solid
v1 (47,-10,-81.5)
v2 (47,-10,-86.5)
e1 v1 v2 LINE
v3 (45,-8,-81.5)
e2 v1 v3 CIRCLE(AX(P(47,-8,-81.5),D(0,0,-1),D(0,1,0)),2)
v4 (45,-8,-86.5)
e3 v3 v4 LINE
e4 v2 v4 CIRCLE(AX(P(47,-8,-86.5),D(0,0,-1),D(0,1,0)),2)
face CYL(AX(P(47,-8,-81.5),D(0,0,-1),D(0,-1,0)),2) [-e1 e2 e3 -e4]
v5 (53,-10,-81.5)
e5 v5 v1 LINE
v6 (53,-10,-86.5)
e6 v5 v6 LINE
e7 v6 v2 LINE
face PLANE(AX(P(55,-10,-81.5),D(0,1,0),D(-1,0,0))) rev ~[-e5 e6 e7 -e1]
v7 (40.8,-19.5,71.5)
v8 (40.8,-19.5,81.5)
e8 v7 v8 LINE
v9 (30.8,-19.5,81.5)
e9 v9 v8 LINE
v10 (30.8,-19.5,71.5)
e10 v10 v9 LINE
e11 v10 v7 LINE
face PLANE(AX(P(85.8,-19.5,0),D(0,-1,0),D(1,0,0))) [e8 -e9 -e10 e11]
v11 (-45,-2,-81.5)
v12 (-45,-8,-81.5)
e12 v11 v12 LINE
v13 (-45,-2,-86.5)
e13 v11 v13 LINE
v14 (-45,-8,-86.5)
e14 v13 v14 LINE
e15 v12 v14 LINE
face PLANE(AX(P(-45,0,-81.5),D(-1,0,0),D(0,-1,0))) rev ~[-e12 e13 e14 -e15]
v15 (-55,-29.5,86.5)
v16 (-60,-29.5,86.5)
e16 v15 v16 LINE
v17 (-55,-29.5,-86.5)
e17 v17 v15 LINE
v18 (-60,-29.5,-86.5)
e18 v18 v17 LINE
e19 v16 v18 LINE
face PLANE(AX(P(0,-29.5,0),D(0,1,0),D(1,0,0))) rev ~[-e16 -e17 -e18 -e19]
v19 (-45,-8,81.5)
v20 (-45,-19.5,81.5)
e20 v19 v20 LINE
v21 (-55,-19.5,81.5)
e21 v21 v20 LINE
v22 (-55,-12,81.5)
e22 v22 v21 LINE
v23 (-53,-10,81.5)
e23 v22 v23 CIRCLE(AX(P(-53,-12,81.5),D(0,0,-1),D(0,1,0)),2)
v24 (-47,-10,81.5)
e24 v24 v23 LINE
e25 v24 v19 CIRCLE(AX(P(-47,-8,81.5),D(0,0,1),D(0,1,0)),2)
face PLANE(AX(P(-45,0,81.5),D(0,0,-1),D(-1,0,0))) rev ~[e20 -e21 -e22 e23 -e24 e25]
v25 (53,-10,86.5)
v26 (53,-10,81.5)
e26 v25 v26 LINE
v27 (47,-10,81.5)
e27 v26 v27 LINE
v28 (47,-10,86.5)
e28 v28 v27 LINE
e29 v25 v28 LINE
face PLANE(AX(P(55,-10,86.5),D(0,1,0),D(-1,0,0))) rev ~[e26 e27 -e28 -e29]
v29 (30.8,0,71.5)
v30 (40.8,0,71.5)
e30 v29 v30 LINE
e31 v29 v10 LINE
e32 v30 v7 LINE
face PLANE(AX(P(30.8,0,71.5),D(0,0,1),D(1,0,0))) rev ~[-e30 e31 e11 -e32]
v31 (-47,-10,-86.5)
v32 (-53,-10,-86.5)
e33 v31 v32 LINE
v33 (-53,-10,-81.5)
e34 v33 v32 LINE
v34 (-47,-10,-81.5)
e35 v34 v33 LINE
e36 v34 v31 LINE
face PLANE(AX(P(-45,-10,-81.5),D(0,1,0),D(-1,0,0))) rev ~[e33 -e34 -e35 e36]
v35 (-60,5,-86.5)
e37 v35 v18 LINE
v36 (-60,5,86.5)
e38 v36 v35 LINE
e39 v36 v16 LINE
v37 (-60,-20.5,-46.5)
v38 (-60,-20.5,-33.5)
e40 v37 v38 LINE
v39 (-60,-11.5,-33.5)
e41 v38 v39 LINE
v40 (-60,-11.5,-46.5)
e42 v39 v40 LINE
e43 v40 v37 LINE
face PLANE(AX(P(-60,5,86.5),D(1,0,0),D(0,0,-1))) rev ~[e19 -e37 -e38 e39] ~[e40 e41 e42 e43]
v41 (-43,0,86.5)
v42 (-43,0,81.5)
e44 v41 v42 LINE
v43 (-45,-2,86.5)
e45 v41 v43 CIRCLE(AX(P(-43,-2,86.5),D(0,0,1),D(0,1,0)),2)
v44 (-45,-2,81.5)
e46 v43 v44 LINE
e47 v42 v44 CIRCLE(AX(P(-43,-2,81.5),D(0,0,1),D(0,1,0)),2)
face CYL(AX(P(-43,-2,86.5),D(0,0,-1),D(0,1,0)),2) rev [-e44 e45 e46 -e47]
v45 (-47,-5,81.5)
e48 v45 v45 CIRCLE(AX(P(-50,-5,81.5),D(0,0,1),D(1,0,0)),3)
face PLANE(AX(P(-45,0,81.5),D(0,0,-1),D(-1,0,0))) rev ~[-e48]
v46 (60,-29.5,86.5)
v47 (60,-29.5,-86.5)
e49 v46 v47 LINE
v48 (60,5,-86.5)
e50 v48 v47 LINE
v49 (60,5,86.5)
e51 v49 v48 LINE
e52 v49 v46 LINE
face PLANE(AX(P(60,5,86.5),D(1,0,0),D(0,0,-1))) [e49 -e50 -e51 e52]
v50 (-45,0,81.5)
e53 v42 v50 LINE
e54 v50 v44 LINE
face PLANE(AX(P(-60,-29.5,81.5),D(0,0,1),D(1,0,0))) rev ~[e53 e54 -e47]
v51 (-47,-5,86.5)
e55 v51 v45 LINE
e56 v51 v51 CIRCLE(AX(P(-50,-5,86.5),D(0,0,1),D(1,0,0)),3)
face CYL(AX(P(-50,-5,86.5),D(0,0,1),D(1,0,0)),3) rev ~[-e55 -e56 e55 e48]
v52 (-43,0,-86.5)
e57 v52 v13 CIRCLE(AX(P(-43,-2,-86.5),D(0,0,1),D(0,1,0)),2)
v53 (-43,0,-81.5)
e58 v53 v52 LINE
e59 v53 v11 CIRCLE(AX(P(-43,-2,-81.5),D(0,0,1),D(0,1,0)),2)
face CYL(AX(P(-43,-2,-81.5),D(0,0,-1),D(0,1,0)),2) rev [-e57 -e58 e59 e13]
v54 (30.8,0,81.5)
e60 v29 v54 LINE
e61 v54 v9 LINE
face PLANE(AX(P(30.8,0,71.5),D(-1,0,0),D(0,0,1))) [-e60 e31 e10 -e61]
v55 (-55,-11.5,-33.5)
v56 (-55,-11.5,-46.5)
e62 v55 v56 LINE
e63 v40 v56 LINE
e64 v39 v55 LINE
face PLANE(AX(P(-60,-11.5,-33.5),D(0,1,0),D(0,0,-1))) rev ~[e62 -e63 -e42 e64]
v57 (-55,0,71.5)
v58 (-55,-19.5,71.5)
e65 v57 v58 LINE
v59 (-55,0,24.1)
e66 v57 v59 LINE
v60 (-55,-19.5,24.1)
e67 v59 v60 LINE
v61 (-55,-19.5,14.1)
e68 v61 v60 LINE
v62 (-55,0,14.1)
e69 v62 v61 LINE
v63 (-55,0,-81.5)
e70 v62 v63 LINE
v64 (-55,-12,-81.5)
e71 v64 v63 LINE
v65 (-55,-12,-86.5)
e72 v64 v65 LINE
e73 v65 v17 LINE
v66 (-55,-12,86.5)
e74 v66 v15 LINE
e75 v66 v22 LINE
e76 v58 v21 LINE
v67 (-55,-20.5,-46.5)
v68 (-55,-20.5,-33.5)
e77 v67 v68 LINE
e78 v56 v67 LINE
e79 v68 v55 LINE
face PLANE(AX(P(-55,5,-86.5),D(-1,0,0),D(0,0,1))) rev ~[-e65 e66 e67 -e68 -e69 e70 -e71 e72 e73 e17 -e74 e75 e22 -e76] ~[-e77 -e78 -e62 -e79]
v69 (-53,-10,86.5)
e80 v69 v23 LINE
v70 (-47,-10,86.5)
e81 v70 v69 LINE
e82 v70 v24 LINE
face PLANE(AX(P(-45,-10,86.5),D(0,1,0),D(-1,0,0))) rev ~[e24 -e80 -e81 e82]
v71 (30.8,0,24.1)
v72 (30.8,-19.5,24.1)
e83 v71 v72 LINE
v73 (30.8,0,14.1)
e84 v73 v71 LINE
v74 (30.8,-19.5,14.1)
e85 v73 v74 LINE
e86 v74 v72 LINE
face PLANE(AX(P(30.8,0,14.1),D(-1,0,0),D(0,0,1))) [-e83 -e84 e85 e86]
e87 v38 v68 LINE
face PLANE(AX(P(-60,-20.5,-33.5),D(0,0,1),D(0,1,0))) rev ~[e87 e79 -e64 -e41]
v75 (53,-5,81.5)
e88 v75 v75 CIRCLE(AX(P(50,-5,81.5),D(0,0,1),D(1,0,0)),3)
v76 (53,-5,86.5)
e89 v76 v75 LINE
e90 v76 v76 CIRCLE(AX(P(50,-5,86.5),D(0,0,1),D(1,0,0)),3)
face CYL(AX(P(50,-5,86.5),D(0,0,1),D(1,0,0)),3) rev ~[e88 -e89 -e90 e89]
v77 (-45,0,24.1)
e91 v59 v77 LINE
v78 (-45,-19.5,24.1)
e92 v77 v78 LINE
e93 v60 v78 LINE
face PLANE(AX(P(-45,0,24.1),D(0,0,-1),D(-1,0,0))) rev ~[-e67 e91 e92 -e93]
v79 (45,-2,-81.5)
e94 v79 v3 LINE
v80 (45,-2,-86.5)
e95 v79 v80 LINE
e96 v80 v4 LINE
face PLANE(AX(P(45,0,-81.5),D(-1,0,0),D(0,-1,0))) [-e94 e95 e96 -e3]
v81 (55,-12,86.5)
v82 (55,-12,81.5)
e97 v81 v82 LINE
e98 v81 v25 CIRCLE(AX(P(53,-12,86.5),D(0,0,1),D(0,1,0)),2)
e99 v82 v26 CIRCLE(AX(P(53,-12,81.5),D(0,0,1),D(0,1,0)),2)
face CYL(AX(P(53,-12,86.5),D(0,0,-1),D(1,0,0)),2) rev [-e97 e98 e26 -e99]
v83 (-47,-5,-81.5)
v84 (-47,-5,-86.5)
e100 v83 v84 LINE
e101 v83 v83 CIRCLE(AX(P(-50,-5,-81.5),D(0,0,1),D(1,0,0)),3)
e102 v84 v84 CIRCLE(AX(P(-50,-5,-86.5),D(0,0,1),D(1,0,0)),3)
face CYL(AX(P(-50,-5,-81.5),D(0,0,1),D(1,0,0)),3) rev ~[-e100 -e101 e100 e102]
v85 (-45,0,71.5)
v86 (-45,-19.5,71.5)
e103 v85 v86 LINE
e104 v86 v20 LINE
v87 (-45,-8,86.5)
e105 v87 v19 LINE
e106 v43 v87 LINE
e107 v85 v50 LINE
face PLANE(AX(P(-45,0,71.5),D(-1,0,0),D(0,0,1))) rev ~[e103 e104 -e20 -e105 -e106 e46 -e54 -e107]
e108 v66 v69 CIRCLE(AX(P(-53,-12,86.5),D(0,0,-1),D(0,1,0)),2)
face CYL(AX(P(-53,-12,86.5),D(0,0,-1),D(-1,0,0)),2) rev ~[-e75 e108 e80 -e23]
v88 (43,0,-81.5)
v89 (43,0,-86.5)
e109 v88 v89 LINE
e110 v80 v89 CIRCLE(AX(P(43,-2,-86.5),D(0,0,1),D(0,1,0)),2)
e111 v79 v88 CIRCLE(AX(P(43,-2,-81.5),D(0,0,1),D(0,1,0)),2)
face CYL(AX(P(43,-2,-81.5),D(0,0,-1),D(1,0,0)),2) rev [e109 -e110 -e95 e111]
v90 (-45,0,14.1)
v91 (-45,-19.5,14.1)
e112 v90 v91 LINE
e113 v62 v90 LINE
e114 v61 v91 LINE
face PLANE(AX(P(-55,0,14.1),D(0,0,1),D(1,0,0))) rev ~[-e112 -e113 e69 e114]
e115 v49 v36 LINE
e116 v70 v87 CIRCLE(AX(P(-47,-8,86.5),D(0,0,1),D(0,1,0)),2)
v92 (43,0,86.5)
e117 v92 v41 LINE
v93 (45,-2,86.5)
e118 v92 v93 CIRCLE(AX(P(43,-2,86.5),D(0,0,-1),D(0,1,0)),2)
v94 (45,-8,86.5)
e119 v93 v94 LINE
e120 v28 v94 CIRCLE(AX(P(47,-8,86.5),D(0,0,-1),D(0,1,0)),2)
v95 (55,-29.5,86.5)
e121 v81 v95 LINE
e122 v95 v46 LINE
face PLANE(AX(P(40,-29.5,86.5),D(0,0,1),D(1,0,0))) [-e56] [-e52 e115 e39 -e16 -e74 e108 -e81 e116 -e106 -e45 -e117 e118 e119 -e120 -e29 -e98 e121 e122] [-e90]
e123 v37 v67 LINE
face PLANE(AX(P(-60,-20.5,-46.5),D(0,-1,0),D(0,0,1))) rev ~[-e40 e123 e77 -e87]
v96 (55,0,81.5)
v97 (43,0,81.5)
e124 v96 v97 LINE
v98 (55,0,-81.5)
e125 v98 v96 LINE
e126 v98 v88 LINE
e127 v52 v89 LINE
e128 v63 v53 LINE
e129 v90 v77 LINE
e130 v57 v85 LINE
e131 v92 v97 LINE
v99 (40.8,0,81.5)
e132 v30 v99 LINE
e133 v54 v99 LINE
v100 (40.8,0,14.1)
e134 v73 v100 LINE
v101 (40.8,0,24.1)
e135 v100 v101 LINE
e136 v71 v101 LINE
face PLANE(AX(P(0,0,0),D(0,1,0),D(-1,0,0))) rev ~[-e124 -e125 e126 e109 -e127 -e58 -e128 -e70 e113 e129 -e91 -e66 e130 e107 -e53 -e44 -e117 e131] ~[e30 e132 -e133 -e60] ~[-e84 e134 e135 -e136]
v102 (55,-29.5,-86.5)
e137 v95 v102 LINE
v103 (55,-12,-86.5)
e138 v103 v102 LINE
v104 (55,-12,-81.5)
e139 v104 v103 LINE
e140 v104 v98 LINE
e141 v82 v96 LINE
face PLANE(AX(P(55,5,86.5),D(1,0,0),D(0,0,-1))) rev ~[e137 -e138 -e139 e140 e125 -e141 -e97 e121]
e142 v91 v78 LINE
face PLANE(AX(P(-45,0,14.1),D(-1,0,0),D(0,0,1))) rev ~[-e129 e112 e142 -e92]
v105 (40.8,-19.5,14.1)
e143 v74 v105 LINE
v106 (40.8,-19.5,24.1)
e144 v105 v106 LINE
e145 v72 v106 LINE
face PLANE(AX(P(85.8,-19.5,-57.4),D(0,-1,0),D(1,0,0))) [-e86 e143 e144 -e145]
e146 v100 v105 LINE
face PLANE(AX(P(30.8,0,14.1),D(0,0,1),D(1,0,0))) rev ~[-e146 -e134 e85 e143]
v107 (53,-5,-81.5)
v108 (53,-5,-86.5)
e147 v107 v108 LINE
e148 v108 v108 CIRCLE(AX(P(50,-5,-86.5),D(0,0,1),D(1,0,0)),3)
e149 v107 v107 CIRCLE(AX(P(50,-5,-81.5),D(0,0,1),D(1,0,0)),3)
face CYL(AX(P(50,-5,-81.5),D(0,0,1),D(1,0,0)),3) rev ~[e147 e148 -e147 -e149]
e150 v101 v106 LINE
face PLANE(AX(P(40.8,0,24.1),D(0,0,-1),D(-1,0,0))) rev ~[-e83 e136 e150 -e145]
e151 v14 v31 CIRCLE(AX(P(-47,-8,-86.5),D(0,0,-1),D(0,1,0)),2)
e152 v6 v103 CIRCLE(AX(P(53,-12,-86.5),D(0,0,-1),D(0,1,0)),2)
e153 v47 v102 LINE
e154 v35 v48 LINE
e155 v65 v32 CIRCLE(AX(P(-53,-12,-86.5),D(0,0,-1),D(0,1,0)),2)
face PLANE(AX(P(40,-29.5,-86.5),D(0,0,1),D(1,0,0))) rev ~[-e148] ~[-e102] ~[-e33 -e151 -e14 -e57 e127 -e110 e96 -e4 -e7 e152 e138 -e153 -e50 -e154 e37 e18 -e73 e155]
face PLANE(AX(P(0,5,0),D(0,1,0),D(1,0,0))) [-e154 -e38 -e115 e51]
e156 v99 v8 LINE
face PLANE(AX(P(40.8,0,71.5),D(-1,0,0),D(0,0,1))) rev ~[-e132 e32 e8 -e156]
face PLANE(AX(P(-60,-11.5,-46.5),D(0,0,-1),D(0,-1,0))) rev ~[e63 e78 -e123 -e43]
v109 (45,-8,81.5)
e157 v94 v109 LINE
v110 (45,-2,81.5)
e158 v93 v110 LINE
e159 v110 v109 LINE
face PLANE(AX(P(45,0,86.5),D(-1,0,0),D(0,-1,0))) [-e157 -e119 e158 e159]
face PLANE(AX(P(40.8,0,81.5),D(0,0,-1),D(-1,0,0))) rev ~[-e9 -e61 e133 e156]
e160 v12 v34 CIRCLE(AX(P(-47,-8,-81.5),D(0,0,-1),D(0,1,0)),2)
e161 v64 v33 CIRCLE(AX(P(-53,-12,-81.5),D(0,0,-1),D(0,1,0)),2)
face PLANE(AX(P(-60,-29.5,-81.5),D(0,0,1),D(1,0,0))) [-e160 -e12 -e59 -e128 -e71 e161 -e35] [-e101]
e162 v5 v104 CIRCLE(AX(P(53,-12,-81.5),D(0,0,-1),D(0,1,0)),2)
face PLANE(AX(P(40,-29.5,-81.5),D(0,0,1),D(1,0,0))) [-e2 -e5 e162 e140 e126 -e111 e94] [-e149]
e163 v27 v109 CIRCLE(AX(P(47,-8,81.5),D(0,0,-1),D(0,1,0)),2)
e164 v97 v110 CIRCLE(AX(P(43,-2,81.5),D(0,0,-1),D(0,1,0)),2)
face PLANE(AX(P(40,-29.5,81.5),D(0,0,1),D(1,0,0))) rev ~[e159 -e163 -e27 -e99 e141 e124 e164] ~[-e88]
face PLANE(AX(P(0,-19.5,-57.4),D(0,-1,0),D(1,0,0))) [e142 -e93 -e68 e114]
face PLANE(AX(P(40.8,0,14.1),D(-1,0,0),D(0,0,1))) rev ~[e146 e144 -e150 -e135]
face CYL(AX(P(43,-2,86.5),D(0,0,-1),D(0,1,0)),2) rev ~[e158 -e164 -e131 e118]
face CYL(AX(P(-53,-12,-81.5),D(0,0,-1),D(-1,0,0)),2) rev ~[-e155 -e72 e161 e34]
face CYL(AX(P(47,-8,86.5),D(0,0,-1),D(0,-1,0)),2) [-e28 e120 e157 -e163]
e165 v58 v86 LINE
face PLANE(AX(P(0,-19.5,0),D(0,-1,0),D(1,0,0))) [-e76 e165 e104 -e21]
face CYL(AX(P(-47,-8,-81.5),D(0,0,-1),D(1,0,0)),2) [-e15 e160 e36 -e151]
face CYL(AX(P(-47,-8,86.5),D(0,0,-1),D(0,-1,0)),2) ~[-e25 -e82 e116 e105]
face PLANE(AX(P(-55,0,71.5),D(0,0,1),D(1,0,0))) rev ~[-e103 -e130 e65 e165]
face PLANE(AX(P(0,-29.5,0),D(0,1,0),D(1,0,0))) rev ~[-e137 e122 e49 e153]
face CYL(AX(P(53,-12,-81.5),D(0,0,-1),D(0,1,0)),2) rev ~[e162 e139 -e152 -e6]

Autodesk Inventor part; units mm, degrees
ref_plane "YZ Plane" through (0, 0, 0) normal (1, 0, 0) x (0, 1, 0)
ref_plane "XZ Plane" through (0, 0, 0) normal (0, 1, 0) x (-1, 0, 0)
ref_plane "XY Plane" through (0, 0, 0) normal (0, 0, 1) x (1, 0, 0)
sketch "Sketch1" plane through (0, 0, 0) normal (0, 1, 0) x (-1, 0, 0)
  line L0 (55, -86.5) -> (-55, -86.5)
  line L1 (-55, -86.5) -> (-55, 86.5)
  line L2 (-55, 86.5) -> (55, 86.5)
  line L3 (55, 86.5) -> (55, -86.5)
  line L4 (55, -86.5) -> (-55, 86.5) construction
  line L5 (-55, -86.5) -> (55, 86.5) construction
  point P0 (0, 0)
  dimension "d0" = 110
  dimension "d1" = 173
extrude "Extrusion1" add sketch "Sketch1" along normal blind 5
sketch "Sketch2" plane through (0, 5, 0) normal (0, 1, 0) x (1, 0, 0)
  line L0 (-55, -86.5) -> (55, -86.5) projected
  line L1 (-55, -86.5) -> (-60, -86.5)
  line L2 (-60, -86.5) -> (-60, 86.5)
  line L3 (-60, 86.5) -> (-55, 86.5)
  line L4 (-55, 86.5) -> (-55, -86.5)
  point P0 (0, 0)
  dimension "d4" = 5
extrude "Extrusion2" add sketch "Sketch2" against normal blind 34.5
sketch "Sketch3" plane through (0, 5, 0) normal (0, 1, 0) x (1, 0, 0)
  line L0 (55, -86.5) -> (55, 86.5) projected
  line L1 (55, -86.5) -> (60, -86.5)
  line L2 (60, -86.5) -> (60, 86.5)
  line L3 (60, 86.5) -> (55, 86.5)
  line L4 (55, 86.5) -> (55, -86.5)
  point P0 (0, 0)
  dimension "d7" = 5
extrude "Extrusion3" add sketch "Sketch3" against normal blind 34.5
sketch "Sketch4" plane through (-60, -29.5, 86.5) normal (0, 0, 1) x (1, 0, 0)
  line L0 (5, 29.5) -> (5, 0) projected
  line L1 (5, 29.5) -> (15, 29.5)
  line L2 (15, 29.5) -> (15, 19.5)
  line L3 (15, 19.5) -> (5, 19.5)
  line L4 (5, 19.5) -> (5, 29.5)
  circle A0 centre (10, 24.5) radius 3
  point P0 (60, 29.5)
  point P1 (5, 19.5)
  dimension "d10" = 10
  dimension "d11" = 10
  dimension "d23" = 5
  dimension "d24" = 5
  dimension "d26" = 6
extrude "Extrusion4" add sketch "Sketch4" against normal blind 5
pattern_linear "Rectangular Pattern1" count 2 spacing 100 along (1, 0, 0) count 2 spacing 168 along (0, 0, -1) of "Extrusion4"
fillet "Fillet3" radius 2 12 edges at (-55, -10, 84) (-45, -10, 84) (-45, 0, 84) (45, -10, 84) (55, -10, 84) (45, 0, 84) (45, -10, -84) (55, -10, -84) (45, 0, -84) (-55, -10, -84) (-45, -10, -84) (-45, 0, -84)
sketch "Sketch7" plane through (-60, 5, -86.5) normal (-1, 0, 0) x (0, 0, 1)
  line L0 (53, -16.5) -> (40, -16.5)
  line L1 (40, -16.5) -> (40, -25.5)
  line L2 (40, -25.5) -> (53, -25.5)
  line L3 (53, -25.5) -> (53, -16.5)
  line L4 (53, -16.5) -> (40, -25.5) construction
  line L5 (40, -16.5) -> (53, -25.5) construction
  line L6 (0, 0) -> (0, -34.5) projected
  line L7 (173, -34.5) -> (0, -34.5) projected
  point P0 (86.5, -5)
  point P1 (46.5, -21)
  dimension "d33" = 9
  dimension "d34" = 13
  dimension "d35" = 40
extrude "Extrusion6" cut sketch "Sketch7" against normal blind 5
sketch "Sketch8" plane through (0, 0, 0) normal (0, -1, 0) x (1, 0, 0)
  circle A0 centre (-50, 76.5) radius 1.25
  line L0 (-47, 81.5) -> (-53, 81.5) projected
  line L1 (-55, -86.5) -> (-55, 86.5) projected
  line L2 (-55, 71.5) -> (-45, 71.5)
  line L3 (-45, 71.5) -> (-45, 81.5)
  line L4 (-45, 81.5) -> (-55, 81.5)
  line L5 (-55, 81.5) -> (-55, 71.5)
  line L6 (-55, 71.5) -> (-45, 81.5) construction
  line L7 (-45, 71.5) -> (-55, 81.5) construction
  point P0 (0, 0)
  dimension "d39" = 2.5
  dimension "d40" = 5
  dimension "d41" = 5
  dimension "d42" = 10
  dimension "d43" = 10
extrude "Extrusion7" add sketch "Sketch8" along normal blind 19.5 contours A0 | L4 L3 L2 L1 L0
pattern_linear "Rectangular Pattern2" count 2 spacing 85.8 along (1, 0, 0) count 2 spacing 57.4 along (0, 0, -1) of "Extrusion7"
properties part number "Caja1"
